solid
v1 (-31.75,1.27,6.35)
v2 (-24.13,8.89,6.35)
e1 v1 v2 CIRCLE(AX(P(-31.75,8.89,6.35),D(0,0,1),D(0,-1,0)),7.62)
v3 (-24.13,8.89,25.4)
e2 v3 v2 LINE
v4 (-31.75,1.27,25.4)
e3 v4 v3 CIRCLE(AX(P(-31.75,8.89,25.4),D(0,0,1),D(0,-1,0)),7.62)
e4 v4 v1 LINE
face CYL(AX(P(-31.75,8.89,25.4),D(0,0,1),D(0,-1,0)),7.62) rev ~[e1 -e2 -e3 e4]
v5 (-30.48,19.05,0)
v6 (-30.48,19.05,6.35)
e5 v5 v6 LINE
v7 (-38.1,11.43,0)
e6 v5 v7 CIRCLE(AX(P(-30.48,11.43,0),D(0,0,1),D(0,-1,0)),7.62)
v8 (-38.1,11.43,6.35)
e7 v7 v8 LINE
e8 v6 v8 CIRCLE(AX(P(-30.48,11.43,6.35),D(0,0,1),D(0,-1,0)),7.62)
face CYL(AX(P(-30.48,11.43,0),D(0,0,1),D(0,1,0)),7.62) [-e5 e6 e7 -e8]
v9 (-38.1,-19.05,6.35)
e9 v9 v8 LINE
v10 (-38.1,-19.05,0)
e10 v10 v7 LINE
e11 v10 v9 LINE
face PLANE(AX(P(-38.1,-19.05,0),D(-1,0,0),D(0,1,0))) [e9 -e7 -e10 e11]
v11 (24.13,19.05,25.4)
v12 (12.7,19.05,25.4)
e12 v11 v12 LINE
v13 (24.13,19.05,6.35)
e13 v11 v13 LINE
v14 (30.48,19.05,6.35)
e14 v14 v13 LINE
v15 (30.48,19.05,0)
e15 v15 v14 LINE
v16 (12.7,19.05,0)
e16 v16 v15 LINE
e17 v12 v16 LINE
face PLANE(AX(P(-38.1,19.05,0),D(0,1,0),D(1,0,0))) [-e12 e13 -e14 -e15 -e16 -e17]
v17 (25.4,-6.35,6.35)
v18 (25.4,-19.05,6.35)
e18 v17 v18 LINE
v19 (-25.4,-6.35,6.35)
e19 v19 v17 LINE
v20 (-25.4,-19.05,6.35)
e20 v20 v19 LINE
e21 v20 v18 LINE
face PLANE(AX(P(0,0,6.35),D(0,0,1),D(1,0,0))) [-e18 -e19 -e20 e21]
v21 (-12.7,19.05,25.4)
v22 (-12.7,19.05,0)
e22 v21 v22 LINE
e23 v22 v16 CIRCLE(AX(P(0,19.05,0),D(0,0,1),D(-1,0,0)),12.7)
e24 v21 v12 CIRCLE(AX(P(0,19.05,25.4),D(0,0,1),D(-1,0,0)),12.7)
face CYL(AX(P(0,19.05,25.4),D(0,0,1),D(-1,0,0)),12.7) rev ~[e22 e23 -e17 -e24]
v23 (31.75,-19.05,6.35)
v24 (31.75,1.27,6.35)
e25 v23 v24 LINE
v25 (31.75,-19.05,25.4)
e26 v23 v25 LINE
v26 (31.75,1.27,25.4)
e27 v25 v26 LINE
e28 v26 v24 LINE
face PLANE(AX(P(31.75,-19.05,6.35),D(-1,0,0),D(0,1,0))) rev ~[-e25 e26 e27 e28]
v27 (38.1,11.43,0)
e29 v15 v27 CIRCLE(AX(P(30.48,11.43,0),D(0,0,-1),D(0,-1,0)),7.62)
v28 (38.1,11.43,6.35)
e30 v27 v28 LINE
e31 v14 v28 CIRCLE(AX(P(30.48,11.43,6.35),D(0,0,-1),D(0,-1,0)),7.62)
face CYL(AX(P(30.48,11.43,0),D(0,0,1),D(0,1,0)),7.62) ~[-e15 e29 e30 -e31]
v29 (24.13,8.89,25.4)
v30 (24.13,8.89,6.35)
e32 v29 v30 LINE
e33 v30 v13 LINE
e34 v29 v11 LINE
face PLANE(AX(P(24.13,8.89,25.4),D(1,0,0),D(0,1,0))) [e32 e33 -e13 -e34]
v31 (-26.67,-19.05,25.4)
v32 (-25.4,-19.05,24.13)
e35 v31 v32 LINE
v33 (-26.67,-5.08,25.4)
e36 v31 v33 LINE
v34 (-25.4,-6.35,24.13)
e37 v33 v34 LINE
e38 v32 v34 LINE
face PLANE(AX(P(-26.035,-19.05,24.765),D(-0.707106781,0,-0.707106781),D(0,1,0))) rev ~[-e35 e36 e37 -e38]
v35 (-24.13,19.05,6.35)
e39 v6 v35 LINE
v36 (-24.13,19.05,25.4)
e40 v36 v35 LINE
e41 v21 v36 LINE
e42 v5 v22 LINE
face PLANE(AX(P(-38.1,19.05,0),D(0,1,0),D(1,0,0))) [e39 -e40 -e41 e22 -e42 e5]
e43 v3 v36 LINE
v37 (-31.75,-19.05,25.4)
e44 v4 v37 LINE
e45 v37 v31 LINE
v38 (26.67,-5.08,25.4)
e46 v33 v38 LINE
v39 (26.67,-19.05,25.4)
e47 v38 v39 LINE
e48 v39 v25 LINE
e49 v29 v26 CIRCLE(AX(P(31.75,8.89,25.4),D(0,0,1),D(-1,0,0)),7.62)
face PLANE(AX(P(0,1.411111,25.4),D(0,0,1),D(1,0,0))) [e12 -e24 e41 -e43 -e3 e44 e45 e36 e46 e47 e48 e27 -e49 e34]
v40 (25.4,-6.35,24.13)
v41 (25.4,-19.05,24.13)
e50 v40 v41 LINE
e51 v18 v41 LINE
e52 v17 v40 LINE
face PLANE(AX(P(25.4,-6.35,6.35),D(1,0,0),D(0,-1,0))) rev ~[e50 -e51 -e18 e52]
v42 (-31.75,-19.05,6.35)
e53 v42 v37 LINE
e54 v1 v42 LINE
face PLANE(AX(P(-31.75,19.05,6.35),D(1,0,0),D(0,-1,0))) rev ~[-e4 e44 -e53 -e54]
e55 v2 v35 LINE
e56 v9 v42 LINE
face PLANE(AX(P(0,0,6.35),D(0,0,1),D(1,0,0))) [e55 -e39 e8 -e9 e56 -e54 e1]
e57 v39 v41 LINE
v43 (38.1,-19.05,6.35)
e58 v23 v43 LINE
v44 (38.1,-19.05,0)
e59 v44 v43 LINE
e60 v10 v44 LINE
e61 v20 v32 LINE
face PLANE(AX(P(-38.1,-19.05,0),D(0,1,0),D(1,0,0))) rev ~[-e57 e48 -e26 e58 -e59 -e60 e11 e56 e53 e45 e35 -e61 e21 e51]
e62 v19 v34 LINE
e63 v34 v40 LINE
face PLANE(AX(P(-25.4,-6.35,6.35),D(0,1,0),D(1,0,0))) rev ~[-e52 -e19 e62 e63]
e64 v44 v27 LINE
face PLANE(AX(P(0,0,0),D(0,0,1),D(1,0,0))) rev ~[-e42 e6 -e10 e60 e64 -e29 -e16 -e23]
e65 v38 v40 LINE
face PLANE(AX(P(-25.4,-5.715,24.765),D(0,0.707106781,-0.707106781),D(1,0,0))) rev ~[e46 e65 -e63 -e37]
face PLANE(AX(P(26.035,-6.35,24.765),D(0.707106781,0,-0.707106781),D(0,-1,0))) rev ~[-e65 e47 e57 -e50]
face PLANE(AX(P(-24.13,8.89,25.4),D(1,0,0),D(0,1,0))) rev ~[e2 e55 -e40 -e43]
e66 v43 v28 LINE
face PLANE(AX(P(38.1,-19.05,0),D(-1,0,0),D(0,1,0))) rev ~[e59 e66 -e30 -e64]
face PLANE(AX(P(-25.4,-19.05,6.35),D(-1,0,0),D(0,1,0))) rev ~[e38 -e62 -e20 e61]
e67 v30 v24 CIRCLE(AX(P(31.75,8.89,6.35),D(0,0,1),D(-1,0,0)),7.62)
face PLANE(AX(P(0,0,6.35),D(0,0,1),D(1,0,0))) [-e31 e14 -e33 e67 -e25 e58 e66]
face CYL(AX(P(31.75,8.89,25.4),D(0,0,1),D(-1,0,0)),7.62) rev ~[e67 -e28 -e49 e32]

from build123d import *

# Parameters (mm, degrees)
F0_W     = 76.2
F0_H     = 38.1
F1_DEPTH = 6.35
F3_DEPTH = 19.05
F5_DEPTH = 25.401
F6_W     = 7.62
F6_H     = 10.16
F7_DEPTH = 19.05
F8_SIZE  = 1.27
F9_R     = 7.62


with BuildPart() as f1:
    # F0 (on Top) → F1 (new body)
    with BuildSketch(Plane.XY):
        Rectangle(F0_W, F0_H)
    extrude(amount=F1_DEPTH)

    # F2 (on face) → F3 (join)
    with BuildSketch(Plane.XY.offset(6.35)):
        Polygon((31.75, 19.05), (-31.75, 19.05), (-31.75, -19.05), (-25.4, -19.05), (-25.4, -6.35), (25.4, -6.35), (25.4, -19.05), (31.75, -19.05), align=None)
    extrude(amount=F3_DEPTH)

    # F4 (on face) → F5 (cut, through all)
    with BuildSketch(Plane.XY.offset(25.4)):
        with BuildLine():
            ThreePointArc((-12.7, 19.05), (0, 6.35), (12.7, 19.05))
            Line((12.7, 19.05), (-12.7, 19.05))
        make_face()
    extrude(amount=-F5_DEPTH, mode=Mode.SUBTRACT)

    # F6 (on face) → F7 (cut, through all)
    with BuildSketch(Plane.XY.offset(25.4)):
        with BuildLine():
            Line((31.75, 1.27), (31.75, 8.89))
            Line((31.75, 8.89), (24.13, 8.89))
            ThreePointArc((24.13, 8.89), (26.3618463274, 3.5018463274), (31.75, 1.27))
        make_face()
        with Locations((27.94, 13.97)):
            Rectangle(F6_W, F6_H)
        with BuildLine():
            Line((-24.13, 8.89), (-24.13, 19.05))
            Line((-24.13, 19.05), (-31.75, 19.05))
            Line((-31.75, 19.05), (-31.75, 1.27))
            ThreePointArc((-31.75, 1.27), (-26.3618463274, 3.5018463274), (-24.13, 8.89))
        make_face()
    extrude(amount=-F7_DEPTH, mode=Mode.SUBTRACT)

    # F8
    f8_edges = [f1.edges().sort_by_distance(p)[0] for p in [
        (-25.4, -12.7, 25.4),
        (0, -6.35, 25.4),
        (25.4, -12.7, 25.4),
    ]]
    chamfer(f8_edges, length=F8_SIZE)

    # F9
    f9_edges = [f1.edges().sort_by_distance(p)[0] for p in [
        (-38.1, 19.05, 3.175),
        (38.1, 19.05, 3.175),
    ]]
    fillet(f9_edges, radius=F9_R)


solid = f1.part
